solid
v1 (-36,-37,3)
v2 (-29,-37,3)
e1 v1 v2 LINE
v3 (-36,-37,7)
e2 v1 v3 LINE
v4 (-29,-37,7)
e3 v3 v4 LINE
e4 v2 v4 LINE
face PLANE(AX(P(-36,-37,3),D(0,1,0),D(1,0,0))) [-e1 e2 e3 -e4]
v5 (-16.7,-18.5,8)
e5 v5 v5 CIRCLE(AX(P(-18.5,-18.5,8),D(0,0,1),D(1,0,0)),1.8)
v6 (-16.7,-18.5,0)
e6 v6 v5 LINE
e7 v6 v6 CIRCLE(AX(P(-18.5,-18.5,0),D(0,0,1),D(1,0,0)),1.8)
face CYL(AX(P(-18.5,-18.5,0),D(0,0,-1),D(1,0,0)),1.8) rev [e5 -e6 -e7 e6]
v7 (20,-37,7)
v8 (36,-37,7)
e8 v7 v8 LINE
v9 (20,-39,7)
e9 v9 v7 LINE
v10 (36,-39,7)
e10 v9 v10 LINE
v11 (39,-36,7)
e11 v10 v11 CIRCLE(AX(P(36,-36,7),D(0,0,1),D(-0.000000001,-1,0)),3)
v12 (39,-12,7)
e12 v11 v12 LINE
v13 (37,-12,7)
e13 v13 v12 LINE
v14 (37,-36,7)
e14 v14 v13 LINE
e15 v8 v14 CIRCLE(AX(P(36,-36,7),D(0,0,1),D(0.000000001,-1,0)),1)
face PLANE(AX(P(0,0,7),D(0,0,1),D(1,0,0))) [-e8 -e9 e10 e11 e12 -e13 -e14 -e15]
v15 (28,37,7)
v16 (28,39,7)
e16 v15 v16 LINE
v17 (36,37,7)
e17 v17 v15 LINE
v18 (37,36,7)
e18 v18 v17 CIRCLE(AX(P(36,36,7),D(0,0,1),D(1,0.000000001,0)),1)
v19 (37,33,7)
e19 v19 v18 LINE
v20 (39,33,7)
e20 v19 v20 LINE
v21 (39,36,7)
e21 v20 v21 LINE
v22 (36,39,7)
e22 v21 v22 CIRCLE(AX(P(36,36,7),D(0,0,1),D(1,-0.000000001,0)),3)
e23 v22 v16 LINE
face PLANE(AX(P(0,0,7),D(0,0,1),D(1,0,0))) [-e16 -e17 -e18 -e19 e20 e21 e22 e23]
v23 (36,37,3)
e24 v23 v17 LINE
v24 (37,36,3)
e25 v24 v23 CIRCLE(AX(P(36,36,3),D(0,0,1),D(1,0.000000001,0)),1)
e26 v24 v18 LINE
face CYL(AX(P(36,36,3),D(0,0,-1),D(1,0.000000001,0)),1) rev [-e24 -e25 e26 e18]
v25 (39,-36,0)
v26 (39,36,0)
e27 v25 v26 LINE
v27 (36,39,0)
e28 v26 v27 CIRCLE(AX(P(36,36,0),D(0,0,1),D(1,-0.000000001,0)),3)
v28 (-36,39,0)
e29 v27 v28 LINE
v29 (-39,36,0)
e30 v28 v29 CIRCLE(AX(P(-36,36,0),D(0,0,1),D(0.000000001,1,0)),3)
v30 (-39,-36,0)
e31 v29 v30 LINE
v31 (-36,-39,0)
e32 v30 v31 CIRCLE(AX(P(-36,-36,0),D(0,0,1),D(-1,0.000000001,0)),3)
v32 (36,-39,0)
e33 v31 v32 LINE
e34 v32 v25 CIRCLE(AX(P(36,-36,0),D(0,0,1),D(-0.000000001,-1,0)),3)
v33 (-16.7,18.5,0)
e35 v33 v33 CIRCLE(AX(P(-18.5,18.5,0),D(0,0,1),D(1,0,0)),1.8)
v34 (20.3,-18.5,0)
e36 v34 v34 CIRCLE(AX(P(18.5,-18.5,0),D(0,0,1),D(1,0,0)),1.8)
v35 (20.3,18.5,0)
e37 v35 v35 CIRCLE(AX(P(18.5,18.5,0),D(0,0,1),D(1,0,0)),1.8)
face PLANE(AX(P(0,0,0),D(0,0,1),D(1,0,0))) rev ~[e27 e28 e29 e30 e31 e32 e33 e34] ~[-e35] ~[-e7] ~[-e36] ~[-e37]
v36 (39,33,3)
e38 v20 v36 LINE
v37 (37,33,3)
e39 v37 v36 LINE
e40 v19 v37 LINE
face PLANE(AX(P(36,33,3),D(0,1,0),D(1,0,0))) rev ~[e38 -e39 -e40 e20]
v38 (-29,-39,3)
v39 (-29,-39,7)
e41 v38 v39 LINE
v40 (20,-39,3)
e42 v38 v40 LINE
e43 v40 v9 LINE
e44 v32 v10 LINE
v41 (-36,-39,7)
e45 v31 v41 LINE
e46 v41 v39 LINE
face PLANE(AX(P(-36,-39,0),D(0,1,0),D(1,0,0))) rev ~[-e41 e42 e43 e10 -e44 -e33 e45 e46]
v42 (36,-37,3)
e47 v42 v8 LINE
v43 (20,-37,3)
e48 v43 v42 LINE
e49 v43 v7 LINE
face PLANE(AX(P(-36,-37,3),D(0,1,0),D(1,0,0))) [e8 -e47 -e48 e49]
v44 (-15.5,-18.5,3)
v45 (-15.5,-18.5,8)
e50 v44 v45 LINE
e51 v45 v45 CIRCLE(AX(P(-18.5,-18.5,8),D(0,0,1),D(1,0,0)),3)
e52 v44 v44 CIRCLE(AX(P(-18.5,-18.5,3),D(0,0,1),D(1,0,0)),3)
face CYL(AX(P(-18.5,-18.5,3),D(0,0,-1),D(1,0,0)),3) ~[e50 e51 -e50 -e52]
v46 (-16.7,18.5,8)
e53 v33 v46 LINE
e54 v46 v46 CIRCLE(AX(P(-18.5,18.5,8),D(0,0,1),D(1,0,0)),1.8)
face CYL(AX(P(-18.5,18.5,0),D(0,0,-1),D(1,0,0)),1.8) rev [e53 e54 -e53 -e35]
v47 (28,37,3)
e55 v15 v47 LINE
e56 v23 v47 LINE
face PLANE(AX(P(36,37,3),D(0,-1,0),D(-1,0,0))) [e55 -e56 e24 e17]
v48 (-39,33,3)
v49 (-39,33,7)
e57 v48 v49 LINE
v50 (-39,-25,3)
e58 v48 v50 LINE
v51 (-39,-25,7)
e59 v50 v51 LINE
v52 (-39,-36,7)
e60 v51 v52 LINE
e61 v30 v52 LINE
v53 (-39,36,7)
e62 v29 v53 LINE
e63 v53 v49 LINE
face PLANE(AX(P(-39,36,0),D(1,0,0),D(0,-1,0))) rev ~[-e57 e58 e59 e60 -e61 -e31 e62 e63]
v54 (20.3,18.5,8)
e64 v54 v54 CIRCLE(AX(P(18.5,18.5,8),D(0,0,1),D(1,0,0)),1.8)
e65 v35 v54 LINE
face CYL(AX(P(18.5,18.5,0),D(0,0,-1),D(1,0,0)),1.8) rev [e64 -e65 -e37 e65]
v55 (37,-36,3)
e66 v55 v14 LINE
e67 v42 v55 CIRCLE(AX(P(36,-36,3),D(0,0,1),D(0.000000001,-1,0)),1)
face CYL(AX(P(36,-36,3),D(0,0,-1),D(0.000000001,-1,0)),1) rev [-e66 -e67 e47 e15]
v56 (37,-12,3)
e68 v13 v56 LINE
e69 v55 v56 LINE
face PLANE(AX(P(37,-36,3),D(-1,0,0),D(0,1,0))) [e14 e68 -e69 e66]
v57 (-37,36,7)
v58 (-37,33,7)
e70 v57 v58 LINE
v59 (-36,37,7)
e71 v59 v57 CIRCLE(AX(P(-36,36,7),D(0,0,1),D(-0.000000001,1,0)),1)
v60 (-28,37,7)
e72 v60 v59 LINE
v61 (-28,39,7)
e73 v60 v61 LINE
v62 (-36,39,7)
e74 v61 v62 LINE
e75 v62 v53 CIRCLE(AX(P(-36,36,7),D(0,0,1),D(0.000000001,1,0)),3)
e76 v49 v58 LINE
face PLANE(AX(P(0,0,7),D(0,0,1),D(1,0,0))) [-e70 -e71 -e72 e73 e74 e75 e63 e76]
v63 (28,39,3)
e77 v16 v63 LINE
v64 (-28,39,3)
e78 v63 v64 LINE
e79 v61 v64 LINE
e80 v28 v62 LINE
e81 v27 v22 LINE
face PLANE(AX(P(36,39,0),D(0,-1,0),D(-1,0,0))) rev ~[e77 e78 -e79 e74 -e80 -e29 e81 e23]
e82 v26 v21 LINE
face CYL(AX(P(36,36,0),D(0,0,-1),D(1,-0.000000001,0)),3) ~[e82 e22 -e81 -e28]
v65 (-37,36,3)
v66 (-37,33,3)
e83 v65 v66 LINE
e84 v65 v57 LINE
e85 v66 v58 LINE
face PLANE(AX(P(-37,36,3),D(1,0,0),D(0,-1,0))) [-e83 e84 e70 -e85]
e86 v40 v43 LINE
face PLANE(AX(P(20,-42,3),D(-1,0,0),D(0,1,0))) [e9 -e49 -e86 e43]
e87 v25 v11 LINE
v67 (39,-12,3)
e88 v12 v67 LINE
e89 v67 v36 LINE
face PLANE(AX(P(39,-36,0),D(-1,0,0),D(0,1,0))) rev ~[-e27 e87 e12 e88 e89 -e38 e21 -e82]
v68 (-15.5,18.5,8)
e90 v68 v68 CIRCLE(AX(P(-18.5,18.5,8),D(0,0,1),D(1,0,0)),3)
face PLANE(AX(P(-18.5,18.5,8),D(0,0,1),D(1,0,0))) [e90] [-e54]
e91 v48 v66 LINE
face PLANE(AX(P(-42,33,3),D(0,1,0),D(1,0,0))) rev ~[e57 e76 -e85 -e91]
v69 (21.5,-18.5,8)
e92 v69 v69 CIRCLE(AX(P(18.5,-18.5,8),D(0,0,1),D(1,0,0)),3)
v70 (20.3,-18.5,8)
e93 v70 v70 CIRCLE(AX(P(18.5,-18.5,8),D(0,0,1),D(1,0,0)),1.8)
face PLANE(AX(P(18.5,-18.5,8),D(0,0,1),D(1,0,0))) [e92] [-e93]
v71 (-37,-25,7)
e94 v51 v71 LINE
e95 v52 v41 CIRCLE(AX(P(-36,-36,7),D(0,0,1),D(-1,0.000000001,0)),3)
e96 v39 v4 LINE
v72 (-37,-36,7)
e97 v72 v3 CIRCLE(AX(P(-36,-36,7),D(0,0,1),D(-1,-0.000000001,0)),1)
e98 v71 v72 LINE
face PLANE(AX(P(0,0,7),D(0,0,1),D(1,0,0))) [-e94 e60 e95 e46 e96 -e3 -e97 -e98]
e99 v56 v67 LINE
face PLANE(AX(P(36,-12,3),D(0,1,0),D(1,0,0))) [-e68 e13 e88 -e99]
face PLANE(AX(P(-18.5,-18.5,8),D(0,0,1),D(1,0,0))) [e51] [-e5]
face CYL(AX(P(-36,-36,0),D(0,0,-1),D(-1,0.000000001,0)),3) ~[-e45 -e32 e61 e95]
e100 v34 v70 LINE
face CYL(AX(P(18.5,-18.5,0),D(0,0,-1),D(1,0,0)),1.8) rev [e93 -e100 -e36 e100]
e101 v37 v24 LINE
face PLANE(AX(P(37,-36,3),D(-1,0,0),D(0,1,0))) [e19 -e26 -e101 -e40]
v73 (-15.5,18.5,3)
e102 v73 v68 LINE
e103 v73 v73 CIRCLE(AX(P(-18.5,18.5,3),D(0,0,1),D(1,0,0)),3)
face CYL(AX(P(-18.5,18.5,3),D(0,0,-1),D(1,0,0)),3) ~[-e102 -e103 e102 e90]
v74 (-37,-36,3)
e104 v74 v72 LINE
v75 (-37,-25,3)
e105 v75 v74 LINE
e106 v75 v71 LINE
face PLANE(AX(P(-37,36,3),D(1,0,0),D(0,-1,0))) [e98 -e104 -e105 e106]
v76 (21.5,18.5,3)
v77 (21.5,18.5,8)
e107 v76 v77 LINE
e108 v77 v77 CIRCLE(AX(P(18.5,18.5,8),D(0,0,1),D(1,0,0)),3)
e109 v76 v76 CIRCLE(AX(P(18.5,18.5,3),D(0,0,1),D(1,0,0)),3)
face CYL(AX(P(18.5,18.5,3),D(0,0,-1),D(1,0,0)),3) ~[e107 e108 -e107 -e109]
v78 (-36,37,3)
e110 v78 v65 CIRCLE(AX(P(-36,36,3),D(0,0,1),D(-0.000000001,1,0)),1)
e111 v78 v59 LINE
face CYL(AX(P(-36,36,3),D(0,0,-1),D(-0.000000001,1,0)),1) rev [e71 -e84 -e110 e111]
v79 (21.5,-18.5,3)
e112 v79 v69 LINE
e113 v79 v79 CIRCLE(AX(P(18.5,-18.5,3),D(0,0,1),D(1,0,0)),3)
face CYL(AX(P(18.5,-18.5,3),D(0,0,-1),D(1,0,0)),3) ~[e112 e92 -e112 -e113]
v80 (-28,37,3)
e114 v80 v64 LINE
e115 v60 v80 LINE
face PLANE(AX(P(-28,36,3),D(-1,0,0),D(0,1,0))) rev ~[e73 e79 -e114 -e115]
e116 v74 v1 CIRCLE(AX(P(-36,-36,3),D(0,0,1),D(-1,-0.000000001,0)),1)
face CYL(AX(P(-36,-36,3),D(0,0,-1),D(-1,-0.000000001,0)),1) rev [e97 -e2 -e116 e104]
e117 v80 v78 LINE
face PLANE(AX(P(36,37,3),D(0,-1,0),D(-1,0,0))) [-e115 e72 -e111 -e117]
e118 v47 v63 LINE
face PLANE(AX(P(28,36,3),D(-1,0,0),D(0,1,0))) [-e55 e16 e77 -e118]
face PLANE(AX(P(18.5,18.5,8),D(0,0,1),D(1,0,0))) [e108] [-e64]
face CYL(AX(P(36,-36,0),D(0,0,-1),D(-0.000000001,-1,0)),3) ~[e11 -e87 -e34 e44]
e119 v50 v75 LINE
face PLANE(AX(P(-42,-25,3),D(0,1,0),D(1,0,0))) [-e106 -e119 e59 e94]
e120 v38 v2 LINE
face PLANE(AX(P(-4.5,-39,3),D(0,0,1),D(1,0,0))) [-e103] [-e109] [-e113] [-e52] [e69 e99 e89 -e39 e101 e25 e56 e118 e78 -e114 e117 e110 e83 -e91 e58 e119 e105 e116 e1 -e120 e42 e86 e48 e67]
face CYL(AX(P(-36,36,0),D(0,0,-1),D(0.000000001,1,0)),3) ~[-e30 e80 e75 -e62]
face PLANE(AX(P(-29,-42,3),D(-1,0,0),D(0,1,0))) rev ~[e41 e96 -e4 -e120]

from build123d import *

# Parameters (mm, degrees)
EXTRUDE_7_DEPTH       = 7
CUT_EXTRUDE_START     = 3
CUT_EXTRUDE_3_2_DEPTH = 4
M3_M4_5V_START        = 3
SKETCH_3_W            = 6
SKETCH_3_H            = 58
M3_M4_5V_DEPTH        = 4
M2_M1_START           = 3
SKETCH_4_W            = 6
SKETCH_4_H            = 45
M2_M1_DEPTH           = 4
SKETCH_5_W            = 56
SKETCH_5_H            = 6
CUT_EXTRUDE_M3_DEPTH  = 4
DC_START              = 3
SKETCH_6_W            = 49
SKETCH_6_H            = 6
DC_DEPTH              = 4
EXTRUDE_START         = 3
SKETCH_7_R            = 3
EXTRUDE_5_DEPTH       = 5
SKETCH_8_R            = 1.8
PCB_0_3_DEPTH         = 8


with BuildPart() as part:
    # 草图1 → 底托基础_总边高7 (new body)
    with BuildSketch(Plane.XY):
        with BuildLine():
            Line((-36, -39), (36, -39))
            ThreePointArc((36, -39), (38.121320344, -38.121320344), (39, -36))
            Line((39, -36), (39, 36))
            ThreePointArc((39, 36), (38.121320344, 38.121320344), (36, 39))
            Line((36, 39), (-36, 39))
            ThreePointArc((-36, 39), (-38.121320344, 38.121320344), (-39, 36))
            Line((-39, 36), (-39, -36))
            ThreePointArc((-39, -36), (-38.121320344, -38.121320344), (-36, -39))
        make_face()
    extrude(amount=EXTRUDE_7_DEPTH)

    # 草图2 → 底腔_实体绝缘底厚3_侧壁2 (cut)
    with BuildSketch(Plane.XY.offset(CUT_EXTRUDE_START)):
        with BuildLine():
            Line((-36, -37), (36, -37))
            ThreePointArc((36, -37), (36.707106781, -36.707106781), (37, -36))
            Line((37, -36), (37, 36))
            ThreePointArc((37, 36), (36.707106781, 36.707106781), (36, 37))
            Line((36, 37), (-36, 37))
            ThreePointArc((-36, 37), (-36.707106781, 36.707106781), (-37, 36))
            Line((-37, 36), (-37, -36))
            ThreePointArc((-37, -36), (-36.707106781, -36.707106781), (-36, -37))
        make_face()
    extrude(amount=CUT_EXTRUDE_3_2_DEPTH, mode=Mode.SUBTRACT)

    # 草图3 → 左侧M3_M4编码器及5V接口开口_不切穿绝缘底板 (cut)
    with BuildSketch(Plane.XY.offset(M3_M4_5V_START)):
        with Locations((-39, 4)):
            Rectangle(SKETCH_3_W, SKETCH_3_H)
    extrude(amount=M3_M4_5V_DEPTH, mode=Mode.SUBTRACT)

    # 草图4 → 右侧M2_M1及电机接口开口_不切穿绝缘底板 (cut)
    with BuildSketch(Plane.XY.offset(M2_M1_START)):
        with Locations((39, 10.5)):
            Rectangle(SKETCH_4_W, SKETCH_4_H)
    extrude(amount=M2_M1_DEPTH, mode=Mode.SUBTRACT)

    # 草图5 → 上侧控制与编码器及M3接口开口_不切穿绝缘底板 (cut)
    with BuildSketch(Plane.XY.offset(CUT_EXTRUDE_START)):
        with Locations((0, 39)):
            Rectangle(SKETCH_5_W, SKETCH_5_H)
    extrude(amount=CUT_EXTRUDE_M3_DEPTH, mode=Mode.SUBTRACT)

    # 草图6 → 下侧凤凰端子_DC_电源开关共用开口_不切穿绝缘底板 (cut)
    with BuildSketch(Plane.XY.offset(DC_START)):
        with Locations((-4.5, -39)):
            Rectangle(SKETCH_6_W, SKETCH_6_H)
    extrude(amount=DC_DEPTH, mode=Mode.SUBTRACT)

    # 草图7 → 四根绝缘支柱_板背净距5 (add)
    with BuildSketch(Plane.XY.offset(EXTRUDE_START)):
        with Locations((-18.5, -18.5)):
            Circle(SKETCH_7_R)
        with Locations((-18.5, 18.5)):
            Circle(SKETCH_7_R)
        with Locations((18.5, -18.5)):
            Circle(SKETCH_7_R)
        with Locations((18.5, 18.5)):
            Circle(SKETCH_7_R)
    extrude(amount=EXTRUDE_5_DEPTH)

    # 草图8 → PCB与底部对齐通孔_单边0.3 (cut)
    with BuildSketch(Plane.XY):
        with Locations((-18.5, -18.5)):
            Circle(SKETCH_8_R)
        with Locations((-18.5, 18.5)):
            Circle(SKETCH_8_R)
        with Locations((18.5, -18.5)):
            Circle(SKETCH_8_R)
        with Locations((18.5, 18.5)):
            Circle(SKETCH_8_R)
    extrude(amount=PCB_0_3_DEPTH, mode=Mode.SUBTRACT)


solid = part.part
